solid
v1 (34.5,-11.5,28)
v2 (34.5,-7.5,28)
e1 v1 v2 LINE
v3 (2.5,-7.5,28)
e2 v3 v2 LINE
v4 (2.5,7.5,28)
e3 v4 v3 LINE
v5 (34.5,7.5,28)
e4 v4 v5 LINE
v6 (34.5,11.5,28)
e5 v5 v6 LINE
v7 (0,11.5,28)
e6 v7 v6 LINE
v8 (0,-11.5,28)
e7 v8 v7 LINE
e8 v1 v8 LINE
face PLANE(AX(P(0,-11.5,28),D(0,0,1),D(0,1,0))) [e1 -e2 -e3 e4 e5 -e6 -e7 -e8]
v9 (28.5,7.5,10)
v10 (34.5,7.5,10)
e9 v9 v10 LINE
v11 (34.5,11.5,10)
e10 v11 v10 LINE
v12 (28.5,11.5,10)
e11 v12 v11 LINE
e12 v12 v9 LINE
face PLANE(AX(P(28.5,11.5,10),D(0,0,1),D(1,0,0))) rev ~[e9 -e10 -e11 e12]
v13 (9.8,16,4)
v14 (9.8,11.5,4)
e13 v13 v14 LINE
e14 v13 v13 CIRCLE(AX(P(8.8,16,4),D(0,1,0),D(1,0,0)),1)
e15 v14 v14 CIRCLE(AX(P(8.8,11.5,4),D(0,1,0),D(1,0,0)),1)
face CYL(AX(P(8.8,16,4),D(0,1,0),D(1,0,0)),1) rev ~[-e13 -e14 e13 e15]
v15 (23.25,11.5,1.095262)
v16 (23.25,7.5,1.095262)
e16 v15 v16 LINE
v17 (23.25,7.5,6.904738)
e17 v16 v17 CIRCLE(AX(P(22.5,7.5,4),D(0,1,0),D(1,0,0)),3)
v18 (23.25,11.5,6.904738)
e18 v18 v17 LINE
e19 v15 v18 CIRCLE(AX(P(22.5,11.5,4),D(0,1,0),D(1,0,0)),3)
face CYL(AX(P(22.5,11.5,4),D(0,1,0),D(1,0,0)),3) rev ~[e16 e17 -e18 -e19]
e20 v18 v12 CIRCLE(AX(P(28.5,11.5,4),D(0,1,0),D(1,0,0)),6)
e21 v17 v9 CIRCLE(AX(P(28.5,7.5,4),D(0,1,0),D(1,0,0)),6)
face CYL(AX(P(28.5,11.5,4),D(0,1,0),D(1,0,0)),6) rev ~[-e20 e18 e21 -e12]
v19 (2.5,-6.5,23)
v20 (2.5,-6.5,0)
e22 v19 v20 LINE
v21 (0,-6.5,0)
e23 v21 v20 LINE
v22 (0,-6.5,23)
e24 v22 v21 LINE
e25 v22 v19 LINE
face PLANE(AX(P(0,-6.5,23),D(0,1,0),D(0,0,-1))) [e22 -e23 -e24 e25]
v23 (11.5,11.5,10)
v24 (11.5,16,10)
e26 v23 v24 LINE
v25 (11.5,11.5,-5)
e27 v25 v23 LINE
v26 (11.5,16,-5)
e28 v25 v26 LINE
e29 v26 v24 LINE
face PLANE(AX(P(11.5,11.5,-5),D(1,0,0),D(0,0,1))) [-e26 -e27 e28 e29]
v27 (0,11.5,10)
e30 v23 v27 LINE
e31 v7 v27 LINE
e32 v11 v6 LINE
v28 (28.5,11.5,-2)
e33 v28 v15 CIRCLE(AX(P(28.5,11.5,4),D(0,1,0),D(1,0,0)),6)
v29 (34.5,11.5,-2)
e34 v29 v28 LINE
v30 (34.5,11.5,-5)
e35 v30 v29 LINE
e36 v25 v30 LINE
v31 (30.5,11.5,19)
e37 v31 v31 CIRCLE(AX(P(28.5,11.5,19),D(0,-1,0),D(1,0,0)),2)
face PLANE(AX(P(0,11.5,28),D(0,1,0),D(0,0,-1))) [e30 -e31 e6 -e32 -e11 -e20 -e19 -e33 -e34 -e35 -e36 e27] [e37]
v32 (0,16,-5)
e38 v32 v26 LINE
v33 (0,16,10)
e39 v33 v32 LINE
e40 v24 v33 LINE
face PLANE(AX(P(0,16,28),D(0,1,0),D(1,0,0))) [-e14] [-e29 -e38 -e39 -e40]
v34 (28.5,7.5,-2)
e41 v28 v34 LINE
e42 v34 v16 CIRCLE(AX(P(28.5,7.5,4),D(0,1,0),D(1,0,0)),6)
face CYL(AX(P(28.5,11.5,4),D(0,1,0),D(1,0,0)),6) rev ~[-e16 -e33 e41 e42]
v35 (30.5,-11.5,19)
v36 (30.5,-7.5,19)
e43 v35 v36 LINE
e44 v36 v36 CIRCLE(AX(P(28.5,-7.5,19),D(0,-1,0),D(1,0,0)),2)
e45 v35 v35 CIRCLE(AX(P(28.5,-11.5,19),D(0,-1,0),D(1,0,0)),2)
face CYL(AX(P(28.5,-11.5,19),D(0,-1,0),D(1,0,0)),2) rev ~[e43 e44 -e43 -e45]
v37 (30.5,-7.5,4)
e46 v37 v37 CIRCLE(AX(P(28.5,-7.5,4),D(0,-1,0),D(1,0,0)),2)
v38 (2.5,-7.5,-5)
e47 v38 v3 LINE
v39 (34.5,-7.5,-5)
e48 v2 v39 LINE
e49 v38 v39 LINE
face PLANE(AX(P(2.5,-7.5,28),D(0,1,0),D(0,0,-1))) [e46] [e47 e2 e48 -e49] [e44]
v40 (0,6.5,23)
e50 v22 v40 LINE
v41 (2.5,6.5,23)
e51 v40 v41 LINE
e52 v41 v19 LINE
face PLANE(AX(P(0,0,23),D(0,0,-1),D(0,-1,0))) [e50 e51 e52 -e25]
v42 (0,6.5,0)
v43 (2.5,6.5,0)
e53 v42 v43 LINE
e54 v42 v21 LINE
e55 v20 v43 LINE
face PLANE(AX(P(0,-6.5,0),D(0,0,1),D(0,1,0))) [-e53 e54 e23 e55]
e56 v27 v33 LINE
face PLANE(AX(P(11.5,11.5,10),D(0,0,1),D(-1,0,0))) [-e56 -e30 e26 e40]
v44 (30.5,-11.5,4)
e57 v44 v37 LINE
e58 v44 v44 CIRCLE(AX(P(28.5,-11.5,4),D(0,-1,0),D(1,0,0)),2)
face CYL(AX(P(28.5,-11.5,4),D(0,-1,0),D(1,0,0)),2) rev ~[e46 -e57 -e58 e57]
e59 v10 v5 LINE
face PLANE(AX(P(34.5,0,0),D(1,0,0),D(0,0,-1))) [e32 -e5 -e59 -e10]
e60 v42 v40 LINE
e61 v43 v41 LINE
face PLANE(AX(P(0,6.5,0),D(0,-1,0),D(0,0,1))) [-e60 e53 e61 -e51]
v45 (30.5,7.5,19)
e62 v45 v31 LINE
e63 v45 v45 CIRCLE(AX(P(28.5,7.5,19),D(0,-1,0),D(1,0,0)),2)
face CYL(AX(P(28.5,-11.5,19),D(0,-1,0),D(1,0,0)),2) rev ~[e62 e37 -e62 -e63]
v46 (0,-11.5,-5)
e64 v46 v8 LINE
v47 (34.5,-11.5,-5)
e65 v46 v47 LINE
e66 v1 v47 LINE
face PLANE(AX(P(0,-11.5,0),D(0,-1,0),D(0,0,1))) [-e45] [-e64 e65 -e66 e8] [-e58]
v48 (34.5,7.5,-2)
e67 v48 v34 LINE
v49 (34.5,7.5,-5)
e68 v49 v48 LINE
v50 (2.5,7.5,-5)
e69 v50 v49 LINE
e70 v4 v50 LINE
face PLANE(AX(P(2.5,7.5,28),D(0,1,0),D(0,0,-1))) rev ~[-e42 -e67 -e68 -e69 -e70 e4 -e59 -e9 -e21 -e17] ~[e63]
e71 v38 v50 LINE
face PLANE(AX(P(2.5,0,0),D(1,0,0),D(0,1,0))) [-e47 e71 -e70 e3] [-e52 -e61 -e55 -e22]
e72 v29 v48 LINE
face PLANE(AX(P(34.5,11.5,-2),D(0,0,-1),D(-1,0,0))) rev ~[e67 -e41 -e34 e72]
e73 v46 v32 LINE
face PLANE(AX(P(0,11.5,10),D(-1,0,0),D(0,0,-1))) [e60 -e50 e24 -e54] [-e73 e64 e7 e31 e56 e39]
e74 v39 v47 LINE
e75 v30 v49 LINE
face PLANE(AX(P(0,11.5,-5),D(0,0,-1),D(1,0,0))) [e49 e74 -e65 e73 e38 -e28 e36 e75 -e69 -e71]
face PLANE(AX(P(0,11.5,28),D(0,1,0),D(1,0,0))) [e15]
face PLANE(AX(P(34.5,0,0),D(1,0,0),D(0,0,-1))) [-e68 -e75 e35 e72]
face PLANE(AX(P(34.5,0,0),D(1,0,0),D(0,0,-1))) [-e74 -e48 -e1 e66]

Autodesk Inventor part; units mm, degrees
ref_plane "YZ Plane" through (0, 0, 0) normal (1, 0, 0) x (0, 1, 0)
ref_plane "XZ Plane" through (0, 0, 0) normal (0, 1, 0) x (-1, 0, 0)
ref_plane "XY Plane" through (0, 0, 0) normal (0, 0, 1) x (1, 0, 0)
sketch "Skizze1" plane through (0, 0, 0) normal (1, 0, 0) x (0, 1, 0)
  line L0 (-6.5, 23) -> (-6.5, 0)
  line L1 (-6.5, 0) -> (6.5, 0)
  line L2 (6.5, 0) -> (6.5, 23)
  line L3 (6.5, 23) -> (-6.5, 23)
  line L4 (-6.5, 23) -> (6.5, 0) construction
  line L5 (-6.5, 0) -> (6.5, 23) construction
  line L6 (0, 34.6) -> (0, -11.6) projected
  line L7 (-16.1, 0) -> (16.1, 0) projected
  line L8 (-11.5, -5) -> (-11.5, 28)
  line L9 (-11.5, 28) -> (11.5, 28)
  line L10 (11.5, 28) -> (11.5, -5)
  line L11 (11.5, -5) -> (-11.5, -5)
  line L12 (-11.5, -5) -> (11.5, 28) construction
  line L13 (-11.5, 28) -> (11.5, -5) construction
  point P0 (0, 0)
  point P1 (0, 11.5)
  point P2 (0, 0)
  point P3 (0, 11.5)
  dimension "d0" = 23
  dimension "d1" = 13
  dimension "d2" = 5
  dimension "d3" = 5
extrude "Extrusion1" add sketch "Skizze1" along normal blind 2.5 contours L0 L7 L8 L9 L6 L3 | L1 L6 L11 L8 L7 | L6 L9 L10 L7 L2 L3 | L1 L7 L10 L11 L6
sketch "Skizze2" plane through (2.5, 0, 0) normal (1, 0, 0) x (0, 0, -1)
  line L0 (-23, 6.5) -> (-23, -6.5) projected
  line L1 (-23, -6.5) -> (0, -6.5) projected
  line L2 (0, -6.5) -> (0, 6.5) projected
  line L3 (0, 6.5) -> (-23, 6.5) projected
  line L4 (-28, -11.5) -> (-28, 11.5) projected
  line L5 (-28, 11.5) -> (5, 11.5) projected
  line L6 (5, 11.5) -> (5, -11.5) projected
  line L7 (5, -11.5) -> (-28, -11.5) projected
  line L8 (0, -16.1) -> (0, 16.1) projected
  line L9 (11.6, 0) -> (-34.6, 0) projected
  line L10 (-28, -11.5) -> (-28, 11.5) projected
  line L11 (5, -11.5) -> (-28, -11.5)
  line L12 (-28, -11.5) -> (-28, -7.5)
  line L13 (-28, -7.5) -> (5, -7.5)
  line L14 (5, -7.5) -> (5, -11.5)
  line L15 (5, 11.5) -> (-28, 11.5)
  line L16 (-28, 11.5) -> (-28, 7.5)
  line L17 (-28, 7.5) -> (5, 7.5)
  line L18 (5, 7.5) -> (5, 11.5)
  point P0 (0, 0)
  dimension "d6" = 4
  dimension "d7" = 4
extrude "Extrusion2" add sketch "Skizze2" along normal blind 32 contours L17 L4 L5 L8 | L8 L5 L6 L17 | L13 L8 L7 L4 | L13 L6 L7 L8
sketch "Skizze3" plane through (0, -11.5, -5) normal (0, -1, 0) x (1, 0, 0)
  line L0 (34.5, 33) -> (34.5, 0) projected
  line L1 (34.5, 0) -> (0, 0) projected
  line L2 (0, 0) -> (0, 33) projected
  line L3 (0, 33) -> (34.5, 33) projected
  line L4 (0, 39.6) -> (0, -6.6) projected
  circle A0 centre (28.5, 9) radius 7.5
  circle A1 centre (28.5, 24) radius 7.5
  circle A2 centre (28.5, 9) radius 2
  circle A3 centre (28.5, 24) radius 2
  point P0 (0, 5)
  dimension "d10" = 15
  dimension "d11" = 15
  dimension "d12" = 33
  dimension "d13" = 9
  dimension "d14" = 4
  dimension "d15" = 4
  dimension "d16" = 6
  dimension "d17" = 6
extrude "Extrusion3" cut sketch "Skizze3" against normal blind 40 contours A2 | A3
sketch "Skizze4" plane through (0, 11.5, 28) normal (0, 1, 0) x (1, 0, 0)
  circle A0 centre (28.5, 9) radius 2 projected
  circle A1 centre (28.5, 24) radius 2 projected
  line L0 (34.5, 33) -> (34.5, 0) projected
  line L1 (34.5, 0) -> (0, 0) projected
  line L2 (0, 0) -> (0, 33) projected
  line L3 (0, 33) -> (34.5, 33) projected
  circle A2 centre (28.5, 24) radius 2 projected
  circle A3 centre (28.5, 24) radius 6
  circle A4 centre (22.5, 24) radius 3
  line L4 (34.5, 33) -> (34.5, 0) projected
  line L5 (28.5, 18) -> (34.5, 18)
  line L6 (34.5, 18) -> (34.5, 30)
  line L7 (34.5, 30) -> (28.5, 30)
  line L8 (28.5, 30) -> (28.5, 18)
  point P0 (0, 28)
  dimension "d20" = 12
  dimension "d21" = 6
  dimension "d22" = 6
extrude "Extrusion4" cut sketch "Skizze4" against normal blind 5 contours A1 L8 | A1 L8 A3 | L8 A1 | A1 L8 A3 A4 | L7 L0 A3 | A3 L0 L5 | A4 A3 | A3 A4
sketch "Skizze5" plane through (0, 11.5, 28) normal (0, 1, 0) x (1, 0, 0)
  line L0 (0, 33) -> (11.5, 33)
  line L1 (11.5, 33) -> (11.5, 18)
  line L2 (11.5, 18) -> (0, 18)
  line L3 (0, 18) -> (0, 33)
  point P0 (0, 28)
  dimension "d25" = 11.5
  dimension "d26" = 15
extrude "Extrusion5" add sketch "Skizze5" along normal blind 4.5
sketch "Skizze6" plane through (0, 16, 28) normal (0, 1, 0) x (1, 0, 0)
  line L0 (11.5, 33) -> (11.5, 18) projected
  line L1 (11.5, 18) -> (0, 18) projected
  line L2 (0, 18) -> (0, 33) projected
  line L3 (0, 33) -> (11.5, 33) projected
  circle A0 centre (8.8, 24) radius 1
  point P0 (0, 28)
  dimension "d29" = 2.7
  dimension "d30" = 9
  dimension "d31" = 2
extrude "Extrusion6" cut sketch "Skizze6" against normal blind 4.5 contours A0
equation "\"d13\" = 0 * d10 + 0.5 * d12 - 0.5 * d11"
equation "\"d17\" = d16"
properties part number "Greifer1" material "ABS-Kunststoff"
